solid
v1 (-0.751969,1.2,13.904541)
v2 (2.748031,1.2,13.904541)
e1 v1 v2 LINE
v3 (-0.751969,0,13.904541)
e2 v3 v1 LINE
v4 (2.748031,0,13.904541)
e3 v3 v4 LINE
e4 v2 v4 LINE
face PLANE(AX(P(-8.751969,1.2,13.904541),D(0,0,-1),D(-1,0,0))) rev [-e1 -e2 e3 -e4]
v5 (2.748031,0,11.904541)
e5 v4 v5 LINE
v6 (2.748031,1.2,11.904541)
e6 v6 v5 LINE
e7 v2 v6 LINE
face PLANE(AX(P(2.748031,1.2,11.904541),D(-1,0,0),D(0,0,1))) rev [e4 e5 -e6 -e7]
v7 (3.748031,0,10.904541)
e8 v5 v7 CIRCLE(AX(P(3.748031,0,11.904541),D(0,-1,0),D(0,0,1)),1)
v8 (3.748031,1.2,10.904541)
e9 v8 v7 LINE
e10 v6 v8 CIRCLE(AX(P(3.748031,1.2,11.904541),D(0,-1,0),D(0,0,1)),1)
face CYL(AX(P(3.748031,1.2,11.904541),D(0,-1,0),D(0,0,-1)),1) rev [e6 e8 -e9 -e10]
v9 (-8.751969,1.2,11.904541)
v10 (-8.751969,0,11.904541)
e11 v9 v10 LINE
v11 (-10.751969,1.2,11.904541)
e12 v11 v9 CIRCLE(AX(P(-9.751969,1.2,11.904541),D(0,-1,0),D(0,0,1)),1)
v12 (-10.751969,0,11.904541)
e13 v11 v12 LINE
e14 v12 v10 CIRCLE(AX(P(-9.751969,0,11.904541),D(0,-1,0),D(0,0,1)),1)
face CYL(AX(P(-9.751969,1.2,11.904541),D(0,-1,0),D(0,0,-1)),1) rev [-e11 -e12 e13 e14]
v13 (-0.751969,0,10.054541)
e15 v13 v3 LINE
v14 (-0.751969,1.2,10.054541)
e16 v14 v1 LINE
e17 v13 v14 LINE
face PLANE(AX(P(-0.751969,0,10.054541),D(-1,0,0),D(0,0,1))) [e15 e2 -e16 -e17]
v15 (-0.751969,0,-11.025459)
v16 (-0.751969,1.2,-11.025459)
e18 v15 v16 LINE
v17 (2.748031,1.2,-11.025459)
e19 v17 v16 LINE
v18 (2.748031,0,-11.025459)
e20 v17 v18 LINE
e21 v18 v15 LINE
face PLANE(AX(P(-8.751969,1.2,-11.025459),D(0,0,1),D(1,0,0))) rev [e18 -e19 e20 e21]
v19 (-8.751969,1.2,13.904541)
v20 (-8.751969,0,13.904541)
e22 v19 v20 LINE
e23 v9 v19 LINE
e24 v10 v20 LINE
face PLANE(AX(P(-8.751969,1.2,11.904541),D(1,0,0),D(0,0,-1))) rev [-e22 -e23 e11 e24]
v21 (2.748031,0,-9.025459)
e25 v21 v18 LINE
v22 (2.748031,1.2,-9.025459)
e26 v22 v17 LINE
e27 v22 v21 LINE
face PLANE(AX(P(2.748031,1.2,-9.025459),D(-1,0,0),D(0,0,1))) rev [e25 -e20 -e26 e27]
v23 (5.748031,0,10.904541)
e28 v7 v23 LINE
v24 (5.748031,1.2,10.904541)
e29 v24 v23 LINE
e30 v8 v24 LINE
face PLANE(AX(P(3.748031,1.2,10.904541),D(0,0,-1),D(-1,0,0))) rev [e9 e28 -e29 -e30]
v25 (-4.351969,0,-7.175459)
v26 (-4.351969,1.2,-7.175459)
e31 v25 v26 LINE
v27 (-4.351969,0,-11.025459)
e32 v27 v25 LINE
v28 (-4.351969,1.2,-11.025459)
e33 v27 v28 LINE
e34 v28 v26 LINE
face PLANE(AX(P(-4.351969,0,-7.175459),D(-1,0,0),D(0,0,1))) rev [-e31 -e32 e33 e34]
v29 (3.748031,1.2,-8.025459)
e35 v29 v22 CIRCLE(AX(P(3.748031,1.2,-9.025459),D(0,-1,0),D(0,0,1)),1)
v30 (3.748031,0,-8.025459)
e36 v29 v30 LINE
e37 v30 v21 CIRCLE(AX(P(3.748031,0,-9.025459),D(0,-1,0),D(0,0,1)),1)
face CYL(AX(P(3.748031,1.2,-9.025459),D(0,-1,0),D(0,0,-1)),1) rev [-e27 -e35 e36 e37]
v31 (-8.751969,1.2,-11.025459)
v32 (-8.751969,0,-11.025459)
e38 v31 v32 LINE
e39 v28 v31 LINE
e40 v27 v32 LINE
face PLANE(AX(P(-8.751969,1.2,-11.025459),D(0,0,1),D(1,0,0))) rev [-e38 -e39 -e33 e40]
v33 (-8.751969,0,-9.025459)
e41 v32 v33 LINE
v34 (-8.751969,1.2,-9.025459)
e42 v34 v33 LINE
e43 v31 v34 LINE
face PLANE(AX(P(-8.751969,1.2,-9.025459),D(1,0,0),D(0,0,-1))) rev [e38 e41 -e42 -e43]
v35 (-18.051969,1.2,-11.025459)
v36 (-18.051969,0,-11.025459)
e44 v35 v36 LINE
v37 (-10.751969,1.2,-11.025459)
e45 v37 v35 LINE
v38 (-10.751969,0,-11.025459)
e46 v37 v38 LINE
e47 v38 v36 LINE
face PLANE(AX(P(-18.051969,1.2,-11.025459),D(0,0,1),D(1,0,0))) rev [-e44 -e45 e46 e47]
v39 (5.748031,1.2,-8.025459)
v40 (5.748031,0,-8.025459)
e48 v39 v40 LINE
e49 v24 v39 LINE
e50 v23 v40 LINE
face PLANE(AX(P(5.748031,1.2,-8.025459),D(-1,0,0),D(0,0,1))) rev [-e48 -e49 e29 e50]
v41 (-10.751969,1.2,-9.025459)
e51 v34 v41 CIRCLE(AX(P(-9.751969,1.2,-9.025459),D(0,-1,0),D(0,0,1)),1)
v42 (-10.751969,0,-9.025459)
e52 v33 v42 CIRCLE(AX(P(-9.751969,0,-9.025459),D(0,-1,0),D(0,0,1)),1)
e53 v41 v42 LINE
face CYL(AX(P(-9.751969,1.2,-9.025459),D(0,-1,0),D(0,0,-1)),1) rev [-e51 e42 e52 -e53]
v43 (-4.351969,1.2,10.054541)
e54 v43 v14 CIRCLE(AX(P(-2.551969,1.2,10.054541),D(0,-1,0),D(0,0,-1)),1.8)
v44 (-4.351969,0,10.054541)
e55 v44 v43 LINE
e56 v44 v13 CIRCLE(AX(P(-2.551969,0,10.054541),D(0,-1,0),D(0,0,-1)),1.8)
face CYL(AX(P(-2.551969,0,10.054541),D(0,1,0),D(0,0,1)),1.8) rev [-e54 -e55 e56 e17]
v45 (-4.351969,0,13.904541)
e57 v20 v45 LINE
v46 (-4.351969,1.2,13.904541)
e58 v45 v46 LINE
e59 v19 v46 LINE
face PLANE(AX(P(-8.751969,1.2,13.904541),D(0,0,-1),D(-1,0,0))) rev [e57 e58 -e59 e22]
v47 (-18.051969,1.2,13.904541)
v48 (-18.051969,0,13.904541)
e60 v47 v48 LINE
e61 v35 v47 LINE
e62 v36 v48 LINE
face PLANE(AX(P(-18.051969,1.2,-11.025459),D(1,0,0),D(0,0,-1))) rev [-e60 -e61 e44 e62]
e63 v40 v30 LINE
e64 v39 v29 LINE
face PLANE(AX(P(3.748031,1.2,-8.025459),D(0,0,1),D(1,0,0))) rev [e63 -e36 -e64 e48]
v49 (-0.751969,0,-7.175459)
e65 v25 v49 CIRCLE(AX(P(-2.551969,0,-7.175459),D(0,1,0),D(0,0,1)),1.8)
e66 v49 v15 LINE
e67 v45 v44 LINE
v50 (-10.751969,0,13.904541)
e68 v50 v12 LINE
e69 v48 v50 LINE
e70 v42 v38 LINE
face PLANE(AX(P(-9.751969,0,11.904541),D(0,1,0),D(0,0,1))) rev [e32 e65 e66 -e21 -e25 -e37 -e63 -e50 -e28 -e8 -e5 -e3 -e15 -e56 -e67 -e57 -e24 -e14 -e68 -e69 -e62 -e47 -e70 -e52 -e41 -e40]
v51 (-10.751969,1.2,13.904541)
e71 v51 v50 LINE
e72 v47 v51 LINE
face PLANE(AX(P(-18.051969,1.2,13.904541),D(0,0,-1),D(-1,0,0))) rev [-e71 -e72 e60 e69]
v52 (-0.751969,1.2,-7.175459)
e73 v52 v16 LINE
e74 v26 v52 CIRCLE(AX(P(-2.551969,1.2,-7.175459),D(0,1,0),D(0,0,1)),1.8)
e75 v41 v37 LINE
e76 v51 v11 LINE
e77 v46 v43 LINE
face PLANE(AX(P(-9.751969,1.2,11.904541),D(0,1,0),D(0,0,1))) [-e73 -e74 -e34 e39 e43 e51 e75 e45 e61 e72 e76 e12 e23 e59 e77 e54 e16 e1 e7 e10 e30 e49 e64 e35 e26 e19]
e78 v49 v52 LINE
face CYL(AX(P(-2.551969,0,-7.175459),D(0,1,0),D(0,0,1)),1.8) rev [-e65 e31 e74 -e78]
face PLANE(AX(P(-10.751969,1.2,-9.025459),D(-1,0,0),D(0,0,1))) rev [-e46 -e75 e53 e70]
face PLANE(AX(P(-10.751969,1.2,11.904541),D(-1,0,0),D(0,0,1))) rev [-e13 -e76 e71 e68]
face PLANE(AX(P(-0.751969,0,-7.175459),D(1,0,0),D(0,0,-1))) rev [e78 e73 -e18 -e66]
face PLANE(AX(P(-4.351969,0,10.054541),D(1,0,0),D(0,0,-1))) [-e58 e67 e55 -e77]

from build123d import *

# Parameters (mm, degrees)
BOSS_EXTRUDE1_DEPTH = 1.2
CUT_EXTRUDE2_DEPTH  = 2.2


with BuildPart() as part:
    # Sketch1 → Boss-Extrude1 (new body)
    with BuildSketch(Plane(origin=(0, 0, 0), x_dir=(1, 0, 0), z_dir=(0, 1, 0))):
        with BuildLine():
            Line((3.748031496, 8.025459318), (5.748031496, 8.025459318))
            Line((5.748031496, 8.025459318), (5.748031496, -10.904540682))
            Line((5.748031496, -10.904540682), (3.748031496, -10.904540682))
            ThreePointArc((3.748031496, -10.904540682), (3.040924715, -11.197433901), (2.748031496, -11.904540682))
            Line((2.748031496, -11.904540682), (2.748031496, -13.904540682))
            Line((2.748031496, -13.904540682), (-8.751968504, -13.904540682))
            Line((-8.751968504, -13.904540682), (-8.751968504, -11.904540682))
            ThreePointArc((-8.751968504, -11.904540682), (-9.751968504, -10.904540682), (-10.751968504, -11.904540682))
            Line((-10.751968504, -11.904540682), (-10.751968504, -13.904540682))
            Line((-10.751968504, -13.904540682), (-18.051968504, -13.904540682))
            Line((-18.051968504, -13.904540682), (-18.051968504, 11.025459318))
            Line((-18.051968504, 11.025459318), (-10.751968504, 11.025459318))
            Line((-10.751968504, 11.025459318), (-10.751968504, 9.025459318))
            ThreePointArc((-10.751968504, 9.025459318), (-9.751968504, 8.025459318), (-8.751968504, 9.025459318))
            Line((-8.751968504, 9.025459318), (-8.751968504, 11.025459318))
            Line((-8.751968504, 11.025459318), (2.748031496, 11.025459318))
            Line((2.748031496, 11.025459318), (2.748031496, 9.025459318))
            ThreePointArc((2.748031496, 9.025459318), (3.040924715, 8.318352536), (3.748031496, 8.025459318))
        make_face()
    extrude(amount=BOSS_EXTRUDE1_DEPTH)

    # Sketch2 → Cut-Extrude2 (cut, through all)
    with BuildSketch(Plane(origin=(0, 1.2, 0), x_dir=(1, 0, 0), z_dir=(0, 1, 0))):
        with BuildLine():
            Line((-4.351968504, 7.175459318), (-4.351968504, 11.025459318))
            Line((-4.351968504, 11.025459318), (-0.751968504, 11.025459318))
            Line((-0.751968504, 11.025459318), (-0.751968504, 7.175459318))
            ThreePointArc((-0.751968504, 7.175459318), (-2.551968504, 5.375459318), (-4.351968504, 7.175459318))
        make_face()
    cut_extrude2 = extrude(amount=-CUT_EXTRUDE2_DEPTH, mode=Mode.SUBTRACT)

    # Mirror2: Cut-Extrude2 across plane
    add(cut_extrude2.mirror(Plane.XY.offset(1.439540682)), mode=Mode.SUBTRACT)


solid = part.part
